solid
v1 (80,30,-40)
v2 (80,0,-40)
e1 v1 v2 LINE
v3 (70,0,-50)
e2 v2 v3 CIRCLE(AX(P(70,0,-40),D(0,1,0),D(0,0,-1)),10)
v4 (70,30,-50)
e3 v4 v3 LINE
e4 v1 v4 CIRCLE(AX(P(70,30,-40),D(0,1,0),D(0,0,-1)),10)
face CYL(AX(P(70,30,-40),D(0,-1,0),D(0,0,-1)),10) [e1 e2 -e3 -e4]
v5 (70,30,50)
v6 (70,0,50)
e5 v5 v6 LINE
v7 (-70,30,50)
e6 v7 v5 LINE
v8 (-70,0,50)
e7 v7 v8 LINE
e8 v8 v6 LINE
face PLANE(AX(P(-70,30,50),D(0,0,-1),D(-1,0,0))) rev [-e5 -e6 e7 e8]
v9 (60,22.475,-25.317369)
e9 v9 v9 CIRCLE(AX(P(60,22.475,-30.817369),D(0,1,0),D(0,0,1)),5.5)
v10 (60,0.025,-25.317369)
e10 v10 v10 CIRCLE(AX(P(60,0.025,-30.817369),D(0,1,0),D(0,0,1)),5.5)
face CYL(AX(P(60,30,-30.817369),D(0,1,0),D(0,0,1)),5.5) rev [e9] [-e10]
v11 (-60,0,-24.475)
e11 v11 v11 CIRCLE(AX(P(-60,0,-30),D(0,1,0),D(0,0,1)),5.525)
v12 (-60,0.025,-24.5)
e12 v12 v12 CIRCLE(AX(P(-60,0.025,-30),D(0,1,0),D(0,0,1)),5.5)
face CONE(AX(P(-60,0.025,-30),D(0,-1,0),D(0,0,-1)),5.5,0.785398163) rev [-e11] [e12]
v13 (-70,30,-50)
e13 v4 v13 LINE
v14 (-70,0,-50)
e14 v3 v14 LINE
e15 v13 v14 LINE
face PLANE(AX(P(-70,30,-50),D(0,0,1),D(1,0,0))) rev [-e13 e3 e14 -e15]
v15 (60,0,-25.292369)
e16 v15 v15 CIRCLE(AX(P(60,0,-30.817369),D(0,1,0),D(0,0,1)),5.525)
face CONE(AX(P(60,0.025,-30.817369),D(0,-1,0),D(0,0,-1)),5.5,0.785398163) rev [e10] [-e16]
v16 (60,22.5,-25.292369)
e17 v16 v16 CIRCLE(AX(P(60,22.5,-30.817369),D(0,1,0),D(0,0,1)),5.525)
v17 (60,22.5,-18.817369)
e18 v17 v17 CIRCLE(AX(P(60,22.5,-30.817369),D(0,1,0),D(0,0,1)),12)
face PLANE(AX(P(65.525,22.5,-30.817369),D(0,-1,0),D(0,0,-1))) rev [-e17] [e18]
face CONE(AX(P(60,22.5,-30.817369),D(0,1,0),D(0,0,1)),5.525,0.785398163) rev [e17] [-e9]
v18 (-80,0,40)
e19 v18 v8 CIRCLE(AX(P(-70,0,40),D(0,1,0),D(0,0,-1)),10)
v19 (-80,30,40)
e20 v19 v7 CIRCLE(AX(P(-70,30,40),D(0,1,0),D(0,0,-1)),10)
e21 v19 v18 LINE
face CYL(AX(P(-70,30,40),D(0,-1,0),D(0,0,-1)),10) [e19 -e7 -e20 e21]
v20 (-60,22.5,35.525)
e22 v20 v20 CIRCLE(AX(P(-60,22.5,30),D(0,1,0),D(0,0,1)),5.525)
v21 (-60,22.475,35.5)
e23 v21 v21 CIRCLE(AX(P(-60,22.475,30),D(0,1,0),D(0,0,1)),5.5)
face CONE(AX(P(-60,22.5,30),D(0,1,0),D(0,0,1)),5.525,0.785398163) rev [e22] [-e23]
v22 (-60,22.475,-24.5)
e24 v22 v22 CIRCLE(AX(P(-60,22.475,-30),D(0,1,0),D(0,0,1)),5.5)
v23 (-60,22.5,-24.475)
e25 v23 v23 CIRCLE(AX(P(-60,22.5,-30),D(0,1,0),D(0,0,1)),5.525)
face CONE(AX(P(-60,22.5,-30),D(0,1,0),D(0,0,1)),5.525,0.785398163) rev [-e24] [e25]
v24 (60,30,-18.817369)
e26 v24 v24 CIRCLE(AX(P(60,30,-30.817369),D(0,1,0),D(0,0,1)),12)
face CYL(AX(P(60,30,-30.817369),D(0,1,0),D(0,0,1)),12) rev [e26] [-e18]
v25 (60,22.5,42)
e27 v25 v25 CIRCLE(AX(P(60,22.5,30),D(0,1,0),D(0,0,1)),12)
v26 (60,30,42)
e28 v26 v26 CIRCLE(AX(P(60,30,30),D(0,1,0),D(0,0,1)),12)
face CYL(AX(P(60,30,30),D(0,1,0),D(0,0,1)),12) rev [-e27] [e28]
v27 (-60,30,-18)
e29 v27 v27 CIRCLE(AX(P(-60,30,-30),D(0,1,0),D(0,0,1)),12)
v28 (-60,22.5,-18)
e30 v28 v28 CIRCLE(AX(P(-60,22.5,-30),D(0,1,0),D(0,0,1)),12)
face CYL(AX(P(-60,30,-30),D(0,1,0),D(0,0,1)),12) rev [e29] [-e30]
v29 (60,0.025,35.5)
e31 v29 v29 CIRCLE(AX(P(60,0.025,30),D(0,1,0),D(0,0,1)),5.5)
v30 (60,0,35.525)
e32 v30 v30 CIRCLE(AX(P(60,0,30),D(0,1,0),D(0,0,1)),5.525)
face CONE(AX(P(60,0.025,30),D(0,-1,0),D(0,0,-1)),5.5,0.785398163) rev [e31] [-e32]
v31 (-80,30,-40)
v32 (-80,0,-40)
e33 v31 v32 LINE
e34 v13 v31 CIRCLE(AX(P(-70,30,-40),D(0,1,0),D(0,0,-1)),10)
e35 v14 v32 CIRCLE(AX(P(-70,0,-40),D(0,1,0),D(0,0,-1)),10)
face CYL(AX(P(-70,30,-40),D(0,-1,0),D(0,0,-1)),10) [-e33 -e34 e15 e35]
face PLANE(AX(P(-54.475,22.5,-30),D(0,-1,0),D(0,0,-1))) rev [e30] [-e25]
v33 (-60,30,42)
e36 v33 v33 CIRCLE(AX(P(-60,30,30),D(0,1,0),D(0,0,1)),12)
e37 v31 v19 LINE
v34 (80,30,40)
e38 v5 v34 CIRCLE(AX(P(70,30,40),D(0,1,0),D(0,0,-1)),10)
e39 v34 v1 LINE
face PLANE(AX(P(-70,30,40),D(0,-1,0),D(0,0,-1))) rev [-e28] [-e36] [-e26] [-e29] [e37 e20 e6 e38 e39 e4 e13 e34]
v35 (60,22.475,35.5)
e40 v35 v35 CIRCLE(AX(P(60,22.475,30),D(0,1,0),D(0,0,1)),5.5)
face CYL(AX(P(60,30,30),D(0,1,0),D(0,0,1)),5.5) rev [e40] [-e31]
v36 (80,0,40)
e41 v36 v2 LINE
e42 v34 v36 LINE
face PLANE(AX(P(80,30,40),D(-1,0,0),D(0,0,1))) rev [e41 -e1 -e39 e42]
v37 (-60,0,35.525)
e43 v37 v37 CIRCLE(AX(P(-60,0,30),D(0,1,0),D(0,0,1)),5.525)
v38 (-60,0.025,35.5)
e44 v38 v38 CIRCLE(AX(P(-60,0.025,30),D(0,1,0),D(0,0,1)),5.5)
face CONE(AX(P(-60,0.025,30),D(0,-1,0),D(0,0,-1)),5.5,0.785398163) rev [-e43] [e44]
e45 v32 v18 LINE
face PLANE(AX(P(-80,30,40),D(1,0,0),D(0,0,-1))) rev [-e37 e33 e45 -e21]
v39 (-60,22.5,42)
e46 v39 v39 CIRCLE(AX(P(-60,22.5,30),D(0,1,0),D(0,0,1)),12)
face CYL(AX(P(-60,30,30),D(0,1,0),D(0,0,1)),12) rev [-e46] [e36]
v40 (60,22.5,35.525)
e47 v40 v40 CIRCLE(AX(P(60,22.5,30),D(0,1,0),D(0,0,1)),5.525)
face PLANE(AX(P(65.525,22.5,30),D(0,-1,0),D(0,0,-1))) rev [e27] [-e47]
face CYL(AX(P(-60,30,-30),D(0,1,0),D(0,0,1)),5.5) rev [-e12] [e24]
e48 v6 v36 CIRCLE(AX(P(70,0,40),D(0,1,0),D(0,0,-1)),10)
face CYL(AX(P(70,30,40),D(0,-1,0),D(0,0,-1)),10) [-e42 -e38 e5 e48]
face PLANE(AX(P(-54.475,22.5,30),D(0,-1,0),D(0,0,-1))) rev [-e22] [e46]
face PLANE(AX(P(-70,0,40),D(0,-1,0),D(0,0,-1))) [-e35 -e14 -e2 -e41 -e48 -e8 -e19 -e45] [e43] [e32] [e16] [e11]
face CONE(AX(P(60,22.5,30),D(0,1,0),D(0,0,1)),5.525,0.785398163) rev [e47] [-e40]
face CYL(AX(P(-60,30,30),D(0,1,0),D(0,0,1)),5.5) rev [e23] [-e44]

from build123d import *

# Parameters (mm, degrees)
SALIENTE_EXTRUIR1_DEPTH                     = 30
REFRENTADO_PARA_TORNILLO_CON_CABEZA_2_COUNT = 2
REFRENTADO_PARA_TORNILLO_CON_CABEZA_2_PITCH = 120.002783684
REFRENTADO_PARA_TORNILLO_CON_CABEZA_3_COUNT = 2
REFRENTADO_PARA_TORNILLO_CON_CABEZA_3_PITCH = 60
REFRENTADO_PARA_TORNILLO_CON_CABEZA_4_COUNT = 2
REFRENTADO_PARA_TORNILLO_CON_CABEZA_4_PITCH = 134.16407865


with BuildPart() as part:
    # Croquis1 → Saliente-Extruir1 (new body)
    with BuildSketch(Plane(origin=(0, 0, 0), x_dir=(1, 0, 0), z_dir=(0, 1, 0))):
        with BuildLine():
            Line((-70, -50), (70, -50))
            ThreePointArc((70, -50), (77.071067812, -47.071067812), (80, -40))
            Line((80, -40), (80, 40))
            ThreePointArc((80, 40), (77.071067812, 47.071067812), (70, 50))
            Line((70, 50), (-70, 50))
            ThreePointArc((-70, 50), (-77.071067812, 47.071067812), (-80, 40))
            Line((-80, 40), (-80, -40))
            ThreePointArc((-80, -40), (-77.071067812, -47.071067812), (-70, -50))
        make_face()
    extrude(amount=SALIENTE_EXTRUIR1_DEPTH)

    # Croquis5 → Refrentado para tornillo con cabeza troncocónica de M101 (revolve, cut)
    with BuildSketch(Plane(origin=(-60, 30, -30), x_dir=(0, 0, 1), z_dir=(1, 0, 0))):
        Polygon((0, 0), (0, 30), (5.525, 30), (5.5, 29.975), (5.5, 7.525), (5.525, 7.5), (12, 7.5), (12, 0), align=None)
    refrentado_para_tornillo_con_cabeza_tron = revolve(axis=Axis((-60, 36.35, -30), (0, -1, 0)), mode=Mode.SUBTRACT)

    # Refrentado para tornillo con cabeza  2: Refrentado para tornillo con cabeza troncocónica de M101 ×2
    with Locations(*[Vector(0.9999768031686442, 0, -0.006811249857308006) * (i * REFRENTADO_PARA_TORNILLO_CON_CABEZA_2_PITCH) for i in range(1, REFRENTADO_PARA_TORNILLO_CON_CABEZA_2_COUNT)]):
        add(refrentado_para_tornillo_con_cabeza_tron, mode=Mode.SUBTRACT)

    # Refrentado para tornillo con cabeza  3: Refrentado para tornillo con cabeza troncocónica de M101 ×2
    with Locations(*[(0, 0, i * REFRENTADO_PARA_TORNILLO_CON_CABEZA_3_PITCH) for i in range(1, REFRENTADO_PARA_TORNILLO_CON_CABEZA_3_COUNT)]):
        add(refrentado_para_tornillo_con_cabeza_tron, mode=Mode.SUBTRACT)

    # Refrentado para tornillo con cabeza  4: Refrentado para tornillo con cabeza troncocónica de M101 ×2
    with Locations(*[Vector(0.894427190999916, 0, 0.447213595499958) * (i * REFRENTADO_PARA_TORNILLO_CON_CABEZA_4_PITCH) for i in range(1, REFRENTADO_PARA_TORNILLO_CON_CABEZA_4_COUNT)]):
        add(refrentado_para_tornillo_con_cabeza_tron, mode=Mode.SUBTRACT)


solid = part.part
